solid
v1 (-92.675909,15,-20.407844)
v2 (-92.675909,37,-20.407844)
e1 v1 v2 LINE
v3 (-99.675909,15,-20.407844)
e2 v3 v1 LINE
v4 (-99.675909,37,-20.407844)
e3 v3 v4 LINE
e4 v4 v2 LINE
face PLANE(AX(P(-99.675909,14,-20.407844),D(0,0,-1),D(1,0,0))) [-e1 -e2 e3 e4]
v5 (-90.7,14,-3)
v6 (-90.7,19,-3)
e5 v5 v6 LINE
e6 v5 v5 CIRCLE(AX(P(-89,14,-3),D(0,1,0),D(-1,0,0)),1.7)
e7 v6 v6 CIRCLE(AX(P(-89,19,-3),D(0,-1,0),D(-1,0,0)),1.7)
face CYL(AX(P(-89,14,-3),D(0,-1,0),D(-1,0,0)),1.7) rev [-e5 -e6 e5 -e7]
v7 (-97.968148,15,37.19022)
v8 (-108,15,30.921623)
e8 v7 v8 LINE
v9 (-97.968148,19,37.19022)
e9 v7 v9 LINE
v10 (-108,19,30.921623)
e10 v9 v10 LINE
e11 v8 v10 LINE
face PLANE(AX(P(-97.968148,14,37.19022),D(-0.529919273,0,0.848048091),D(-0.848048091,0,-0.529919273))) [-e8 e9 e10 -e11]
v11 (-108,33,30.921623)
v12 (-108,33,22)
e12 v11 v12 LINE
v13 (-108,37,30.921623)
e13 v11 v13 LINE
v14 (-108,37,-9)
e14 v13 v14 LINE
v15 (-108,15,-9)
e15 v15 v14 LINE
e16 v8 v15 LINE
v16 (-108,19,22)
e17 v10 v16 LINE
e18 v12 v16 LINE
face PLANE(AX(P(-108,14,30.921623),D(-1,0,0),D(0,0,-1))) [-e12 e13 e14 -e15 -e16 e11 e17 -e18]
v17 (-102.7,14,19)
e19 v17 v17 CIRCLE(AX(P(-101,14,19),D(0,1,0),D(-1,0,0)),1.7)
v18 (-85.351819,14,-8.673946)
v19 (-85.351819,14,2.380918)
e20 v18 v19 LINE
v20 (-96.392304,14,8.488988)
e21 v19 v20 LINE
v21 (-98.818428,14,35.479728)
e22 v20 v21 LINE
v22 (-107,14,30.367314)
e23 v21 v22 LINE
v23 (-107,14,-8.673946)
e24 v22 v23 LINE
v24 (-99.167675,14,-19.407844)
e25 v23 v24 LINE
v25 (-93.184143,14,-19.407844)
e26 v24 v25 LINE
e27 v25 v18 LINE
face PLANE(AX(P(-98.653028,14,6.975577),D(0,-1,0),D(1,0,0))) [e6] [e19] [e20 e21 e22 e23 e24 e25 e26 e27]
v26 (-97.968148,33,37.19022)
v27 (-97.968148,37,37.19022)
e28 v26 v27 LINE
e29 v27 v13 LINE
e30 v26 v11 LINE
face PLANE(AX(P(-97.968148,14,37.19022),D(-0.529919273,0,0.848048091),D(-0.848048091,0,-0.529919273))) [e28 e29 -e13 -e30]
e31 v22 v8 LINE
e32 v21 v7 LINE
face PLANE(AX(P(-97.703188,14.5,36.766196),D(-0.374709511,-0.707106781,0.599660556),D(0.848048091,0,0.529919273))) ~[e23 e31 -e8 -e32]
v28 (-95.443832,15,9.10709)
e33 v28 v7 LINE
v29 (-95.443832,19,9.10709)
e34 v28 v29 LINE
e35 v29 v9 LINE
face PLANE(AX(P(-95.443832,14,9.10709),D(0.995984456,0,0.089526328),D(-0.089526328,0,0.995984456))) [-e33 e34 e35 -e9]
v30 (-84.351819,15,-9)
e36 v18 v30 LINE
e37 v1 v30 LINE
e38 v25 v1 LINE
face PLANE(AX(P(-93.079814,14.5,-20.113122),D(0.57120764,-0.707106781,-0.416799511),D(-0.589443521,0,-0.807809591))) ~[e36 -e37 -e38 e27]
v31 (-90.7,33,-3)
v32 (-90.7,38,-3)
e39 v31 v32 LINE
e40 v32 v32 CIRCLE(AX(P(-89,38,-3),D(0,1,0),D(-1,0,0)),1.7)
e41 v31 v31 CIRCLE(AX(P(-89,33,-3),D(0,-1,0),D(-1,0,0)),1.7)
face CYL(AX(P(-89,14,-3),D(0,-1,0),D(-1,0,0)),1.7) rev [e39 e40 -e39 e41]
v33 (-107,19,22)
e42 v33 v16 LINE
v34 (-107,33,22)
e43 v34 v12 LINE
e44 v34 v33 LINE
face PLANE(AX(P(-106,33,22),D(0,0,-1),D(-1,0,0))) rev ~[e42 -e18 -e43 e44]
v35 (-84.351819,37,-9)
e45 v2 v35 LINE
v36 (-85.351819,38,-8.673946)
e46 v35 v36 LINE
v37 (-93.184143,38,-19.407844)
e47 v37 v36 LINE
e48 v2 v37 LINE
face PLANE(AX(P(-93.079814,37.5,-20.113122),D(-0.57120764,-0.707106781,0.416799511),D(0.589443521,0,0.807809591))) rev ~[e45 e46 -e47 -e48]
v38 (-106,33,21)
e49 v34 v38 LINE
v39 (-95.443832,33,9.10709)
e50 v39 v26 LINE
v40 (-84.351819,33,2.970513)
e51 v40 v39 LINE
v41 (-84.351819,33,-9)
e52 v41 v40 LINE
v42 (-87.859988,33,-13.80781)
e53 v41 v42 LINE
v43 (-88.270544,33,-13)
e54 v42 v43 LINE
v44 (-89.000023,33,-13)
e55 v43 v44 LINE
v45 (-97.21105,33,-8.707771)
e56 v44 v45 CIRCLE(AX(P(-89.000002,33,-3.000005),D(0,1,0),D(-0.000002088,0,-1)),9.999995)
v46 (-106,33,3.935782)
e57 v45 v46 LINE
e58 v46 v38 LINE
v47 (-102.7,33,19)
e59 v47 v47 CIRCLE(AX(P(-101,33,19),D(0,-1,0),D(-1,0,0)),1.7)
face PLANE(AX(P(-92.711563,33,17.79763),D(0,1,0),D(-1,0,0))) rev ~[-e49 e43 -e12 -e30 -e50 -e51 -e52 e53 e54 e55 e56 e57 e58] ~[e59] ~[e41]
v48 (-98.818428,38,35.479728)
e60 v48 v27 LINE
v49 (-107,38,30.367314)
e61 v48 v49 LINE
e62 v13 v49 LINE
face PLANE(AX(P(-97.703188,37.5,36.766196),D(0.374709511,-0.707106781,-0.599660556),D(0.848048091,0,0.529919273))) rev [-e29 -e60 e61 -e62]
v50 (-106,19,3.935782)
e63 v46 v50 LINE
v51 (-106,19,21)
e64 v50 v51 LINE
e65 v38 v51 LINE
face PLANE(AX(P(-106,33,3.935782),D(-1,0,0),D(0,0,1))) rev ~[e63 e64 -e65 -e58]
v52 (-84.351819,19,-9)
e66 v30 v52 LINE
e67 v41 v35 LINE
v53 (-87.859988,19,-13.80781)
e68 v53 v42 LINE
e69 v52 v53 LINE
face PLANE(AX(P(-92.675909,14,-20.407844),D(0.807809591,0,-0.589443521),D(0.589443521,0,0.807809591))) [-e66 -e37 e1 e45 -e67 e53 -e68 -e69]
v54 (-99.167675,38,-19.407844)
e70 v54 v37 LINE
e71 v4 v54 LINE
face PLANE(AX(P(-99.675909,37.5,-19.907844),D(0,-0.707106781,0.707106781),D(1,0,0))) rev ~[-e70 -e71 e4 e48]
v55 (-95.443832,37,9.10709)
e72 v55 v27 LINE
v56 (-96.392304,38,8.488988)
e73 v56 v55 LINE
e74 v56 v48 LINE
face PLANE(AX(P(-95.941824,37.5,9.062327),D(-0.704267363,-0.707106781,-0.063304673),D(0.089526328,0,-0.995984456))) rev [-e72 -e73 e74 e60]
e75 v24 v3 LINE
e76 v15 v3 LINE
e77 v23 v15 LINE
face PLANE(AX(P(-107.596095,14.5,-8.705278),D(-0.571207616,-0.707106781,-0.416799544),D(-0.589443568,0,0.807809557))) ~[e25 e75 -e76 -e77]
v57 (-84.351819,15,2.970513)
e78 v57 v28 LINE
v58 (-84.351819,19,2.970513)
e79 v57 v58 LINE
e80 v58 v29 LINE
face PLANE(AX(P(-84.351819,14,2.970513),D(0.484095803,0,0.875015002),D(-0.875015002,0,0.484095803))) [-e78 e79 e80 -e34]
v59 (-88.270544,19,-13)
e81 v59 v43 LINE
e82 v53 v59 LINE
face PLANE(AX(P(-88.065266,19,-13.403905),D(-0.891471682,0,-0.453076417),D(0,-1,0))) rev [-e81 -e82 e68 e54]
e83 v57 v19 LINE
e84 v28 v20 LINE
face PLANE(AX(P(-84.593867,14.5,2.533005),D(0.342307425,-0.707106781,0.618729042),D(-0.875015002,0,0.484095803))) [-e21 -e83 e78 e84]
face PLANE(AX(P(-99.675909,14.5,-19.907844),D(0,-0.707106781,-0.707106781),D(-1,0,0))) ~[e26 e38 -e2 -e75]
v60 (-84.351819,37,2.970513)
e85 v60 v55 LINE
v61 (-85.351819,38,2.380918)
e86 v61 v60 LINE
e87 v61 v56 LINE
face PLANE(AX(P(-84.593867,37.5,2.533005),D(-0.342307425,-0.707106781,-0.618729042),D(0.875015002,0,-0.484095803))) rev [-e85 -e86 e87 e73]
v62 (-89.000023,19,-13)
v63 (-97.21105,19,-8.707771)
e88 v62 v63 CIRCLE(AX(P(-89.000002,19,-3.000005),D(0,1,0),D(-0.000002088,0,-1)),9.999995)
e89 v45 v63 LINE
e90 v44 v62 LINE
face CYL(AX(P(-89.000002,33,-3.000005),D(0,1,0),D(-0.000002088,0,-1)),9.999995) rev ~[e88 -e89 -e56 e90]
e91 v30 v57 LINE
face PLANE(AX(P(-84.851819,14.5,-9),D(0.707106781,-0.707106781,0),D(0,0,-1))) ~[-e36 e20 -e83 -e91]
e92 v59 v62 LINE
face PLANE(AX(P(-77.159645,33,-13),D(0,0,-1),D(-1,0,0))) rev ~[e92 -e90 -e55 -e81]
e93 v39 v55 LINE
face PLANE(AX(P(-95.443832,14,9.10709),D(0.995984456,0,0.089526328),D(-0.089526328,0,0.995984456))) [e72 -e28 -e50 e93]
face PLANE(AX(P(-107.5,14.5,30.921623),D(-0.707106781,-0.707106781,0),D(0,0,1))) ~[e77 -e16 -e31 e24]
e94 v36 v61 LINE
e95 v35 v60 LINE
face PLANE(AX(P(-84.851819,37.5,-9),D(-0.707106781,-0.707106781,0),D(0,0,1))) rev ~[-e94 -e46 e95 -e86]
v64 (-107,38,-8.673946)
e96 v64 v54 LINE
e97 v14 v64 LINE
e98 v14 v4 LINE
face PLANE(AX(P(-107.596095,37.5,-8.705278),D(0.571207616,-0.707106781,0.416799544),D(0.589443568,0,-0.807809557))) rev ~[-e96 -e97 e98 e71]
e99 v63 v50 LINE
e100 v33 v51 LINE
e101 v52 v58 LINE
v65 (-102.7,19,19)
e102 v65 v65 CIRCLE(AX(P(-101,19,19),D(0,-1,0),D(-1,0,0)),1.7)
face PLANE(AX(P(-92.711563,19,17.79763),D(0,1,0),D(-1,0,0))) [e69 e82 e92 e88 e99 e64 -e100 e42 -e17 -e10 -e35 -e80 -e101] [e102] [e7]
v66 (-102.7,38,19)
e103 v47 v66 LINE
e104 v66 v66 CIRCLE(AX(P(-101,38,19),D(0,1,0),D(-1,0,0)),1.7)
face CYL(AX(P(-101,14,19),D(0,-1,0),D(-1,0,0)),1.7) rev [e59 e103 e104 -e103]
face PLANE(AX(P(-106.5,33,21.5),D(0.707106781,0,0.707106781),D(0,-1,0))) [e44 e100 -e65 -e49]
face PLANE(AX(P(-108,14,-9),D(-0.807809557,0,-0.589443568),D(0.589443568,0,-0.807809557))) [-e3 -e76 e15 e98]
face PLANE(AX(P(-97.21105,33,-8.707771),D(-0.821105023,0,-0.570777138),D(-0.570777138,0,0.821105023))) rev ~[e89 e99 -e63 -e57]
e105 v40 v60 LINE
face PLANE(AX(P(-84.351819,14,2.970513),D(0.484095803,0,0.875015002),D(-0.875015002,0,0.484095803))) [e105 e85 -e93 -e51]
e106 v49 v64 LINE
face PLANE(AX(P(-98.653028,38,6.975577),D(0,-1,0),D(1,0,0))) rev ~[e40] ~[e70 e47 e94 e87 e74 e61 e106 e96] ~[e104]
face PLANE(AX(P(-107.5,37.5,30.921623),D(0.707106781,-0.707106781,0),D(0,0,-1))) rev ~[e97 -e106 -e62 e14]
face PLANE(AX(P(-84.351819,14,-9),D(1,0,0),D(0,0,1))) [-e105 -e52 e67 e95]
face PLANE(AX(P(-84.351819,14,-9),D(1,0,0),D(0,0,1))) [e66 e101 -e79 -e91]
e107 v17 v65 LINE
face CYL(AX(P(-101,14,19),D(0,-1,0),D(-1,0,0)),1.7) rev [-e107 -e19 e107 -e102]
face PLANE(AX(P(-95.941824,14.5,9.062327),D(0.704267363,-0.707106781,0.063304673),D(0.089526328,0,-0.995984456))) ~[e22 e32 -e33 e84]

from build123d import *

# Parameters (mm, degrees)
PAD009_DEPTH    = 14
SKETCH008_R     = 1.7
PAD008_DEPTH    = 24
CHAMFER005_SIZE = 1


with BuildPart() as pad009:
    # Sketch009 → Pad009 (new body)
    with BuildSketch(Plane(origin=(0, 33, 0), x_dir=(-1, 0, 0), z_dir=(0, 1, 0))):
        with BuildLine():
            ThreePointArc((89.000023, -13), (93.632628, -11.86221), (97.21105, -8.707771))
            Line((97.21105, -8.707771), (106, 3.935782))
            Line((106, 3.935782), (106, 22))
            Line((106, 22), (112.578117, 22))
            Line((112.578117, 22), (112.578117, 42.659393))
            Line((112.578117, 42.659393), (77.159645, 42.659393))
            Line((77.159645, 42.659393), (77.159645, -13))
            Line((77.159645, -13), (89.000023, -13))
        make_face()
    extrude(amount=-PAD009_DEPTH)


with BuildPart() as foot:
    # Sketch008 → Pad008 (new body)
    with BuildSketch(Plane(origin=(0, 14, 0), x_dir=(-1, 0, 0), z_dir=(0, 1, 0))):
        Polygon((84.351819, 2.970513), (95.443832, 9.10709), (97.968148, 37.19022), (108, 30.921623), (108, -9), (99.675909, -20.407844), (92.675909, -20.407844), (84.351819, -9), align=None)
        with Locations((101, 19)):
            Circle(SKETCH008_R, mode=Mode.SUBTRACT)
        with Locations((89, -3)):
            Circle(SKETCH008_R, mode=Mode.SUBTRACT)
    extrude(amount=PAD008_DEPTH)

    # Cut014: cut Pad009
    add(pad009.part, mode=Mode.SUBTRACT)

    # Chamfer005
    chamfer005_edges = [foot.edges().sort_by_distance(p)[0] for p in [
        (-89.897825, 14, 6.038802),
        (-96.70599, 14, 23.148655),
        (-102.984074, 14, 34.055922),
        (-108, 14, 10.960812),
        (-103.837955, 14, -14.703922),
        (-96.175909, 14, -20.407844),
        (-88.513864, 14, -14.703922),
        (-84.351819, 14, -3.014744),
        (-108, 38, 10.960812),
        (-103.837955, 38, -14.703922),
        (-96.175909, 38, -20.407844),
        (-87.270544, 26, -13),
        (-88.513864, 38, -14.703922),
        (-106, 26, 22),
        (-89.897825, 38, 6.038802),
        (-96.70599, 38, 23.148655),
        (-102.984074, 38, 34.055922),
        (-84.351819, 38, -3.014744),
    ]]
    chamfer(chamfer005_edges, length=CHAMFER005_SIZE)


solid = foot.part
